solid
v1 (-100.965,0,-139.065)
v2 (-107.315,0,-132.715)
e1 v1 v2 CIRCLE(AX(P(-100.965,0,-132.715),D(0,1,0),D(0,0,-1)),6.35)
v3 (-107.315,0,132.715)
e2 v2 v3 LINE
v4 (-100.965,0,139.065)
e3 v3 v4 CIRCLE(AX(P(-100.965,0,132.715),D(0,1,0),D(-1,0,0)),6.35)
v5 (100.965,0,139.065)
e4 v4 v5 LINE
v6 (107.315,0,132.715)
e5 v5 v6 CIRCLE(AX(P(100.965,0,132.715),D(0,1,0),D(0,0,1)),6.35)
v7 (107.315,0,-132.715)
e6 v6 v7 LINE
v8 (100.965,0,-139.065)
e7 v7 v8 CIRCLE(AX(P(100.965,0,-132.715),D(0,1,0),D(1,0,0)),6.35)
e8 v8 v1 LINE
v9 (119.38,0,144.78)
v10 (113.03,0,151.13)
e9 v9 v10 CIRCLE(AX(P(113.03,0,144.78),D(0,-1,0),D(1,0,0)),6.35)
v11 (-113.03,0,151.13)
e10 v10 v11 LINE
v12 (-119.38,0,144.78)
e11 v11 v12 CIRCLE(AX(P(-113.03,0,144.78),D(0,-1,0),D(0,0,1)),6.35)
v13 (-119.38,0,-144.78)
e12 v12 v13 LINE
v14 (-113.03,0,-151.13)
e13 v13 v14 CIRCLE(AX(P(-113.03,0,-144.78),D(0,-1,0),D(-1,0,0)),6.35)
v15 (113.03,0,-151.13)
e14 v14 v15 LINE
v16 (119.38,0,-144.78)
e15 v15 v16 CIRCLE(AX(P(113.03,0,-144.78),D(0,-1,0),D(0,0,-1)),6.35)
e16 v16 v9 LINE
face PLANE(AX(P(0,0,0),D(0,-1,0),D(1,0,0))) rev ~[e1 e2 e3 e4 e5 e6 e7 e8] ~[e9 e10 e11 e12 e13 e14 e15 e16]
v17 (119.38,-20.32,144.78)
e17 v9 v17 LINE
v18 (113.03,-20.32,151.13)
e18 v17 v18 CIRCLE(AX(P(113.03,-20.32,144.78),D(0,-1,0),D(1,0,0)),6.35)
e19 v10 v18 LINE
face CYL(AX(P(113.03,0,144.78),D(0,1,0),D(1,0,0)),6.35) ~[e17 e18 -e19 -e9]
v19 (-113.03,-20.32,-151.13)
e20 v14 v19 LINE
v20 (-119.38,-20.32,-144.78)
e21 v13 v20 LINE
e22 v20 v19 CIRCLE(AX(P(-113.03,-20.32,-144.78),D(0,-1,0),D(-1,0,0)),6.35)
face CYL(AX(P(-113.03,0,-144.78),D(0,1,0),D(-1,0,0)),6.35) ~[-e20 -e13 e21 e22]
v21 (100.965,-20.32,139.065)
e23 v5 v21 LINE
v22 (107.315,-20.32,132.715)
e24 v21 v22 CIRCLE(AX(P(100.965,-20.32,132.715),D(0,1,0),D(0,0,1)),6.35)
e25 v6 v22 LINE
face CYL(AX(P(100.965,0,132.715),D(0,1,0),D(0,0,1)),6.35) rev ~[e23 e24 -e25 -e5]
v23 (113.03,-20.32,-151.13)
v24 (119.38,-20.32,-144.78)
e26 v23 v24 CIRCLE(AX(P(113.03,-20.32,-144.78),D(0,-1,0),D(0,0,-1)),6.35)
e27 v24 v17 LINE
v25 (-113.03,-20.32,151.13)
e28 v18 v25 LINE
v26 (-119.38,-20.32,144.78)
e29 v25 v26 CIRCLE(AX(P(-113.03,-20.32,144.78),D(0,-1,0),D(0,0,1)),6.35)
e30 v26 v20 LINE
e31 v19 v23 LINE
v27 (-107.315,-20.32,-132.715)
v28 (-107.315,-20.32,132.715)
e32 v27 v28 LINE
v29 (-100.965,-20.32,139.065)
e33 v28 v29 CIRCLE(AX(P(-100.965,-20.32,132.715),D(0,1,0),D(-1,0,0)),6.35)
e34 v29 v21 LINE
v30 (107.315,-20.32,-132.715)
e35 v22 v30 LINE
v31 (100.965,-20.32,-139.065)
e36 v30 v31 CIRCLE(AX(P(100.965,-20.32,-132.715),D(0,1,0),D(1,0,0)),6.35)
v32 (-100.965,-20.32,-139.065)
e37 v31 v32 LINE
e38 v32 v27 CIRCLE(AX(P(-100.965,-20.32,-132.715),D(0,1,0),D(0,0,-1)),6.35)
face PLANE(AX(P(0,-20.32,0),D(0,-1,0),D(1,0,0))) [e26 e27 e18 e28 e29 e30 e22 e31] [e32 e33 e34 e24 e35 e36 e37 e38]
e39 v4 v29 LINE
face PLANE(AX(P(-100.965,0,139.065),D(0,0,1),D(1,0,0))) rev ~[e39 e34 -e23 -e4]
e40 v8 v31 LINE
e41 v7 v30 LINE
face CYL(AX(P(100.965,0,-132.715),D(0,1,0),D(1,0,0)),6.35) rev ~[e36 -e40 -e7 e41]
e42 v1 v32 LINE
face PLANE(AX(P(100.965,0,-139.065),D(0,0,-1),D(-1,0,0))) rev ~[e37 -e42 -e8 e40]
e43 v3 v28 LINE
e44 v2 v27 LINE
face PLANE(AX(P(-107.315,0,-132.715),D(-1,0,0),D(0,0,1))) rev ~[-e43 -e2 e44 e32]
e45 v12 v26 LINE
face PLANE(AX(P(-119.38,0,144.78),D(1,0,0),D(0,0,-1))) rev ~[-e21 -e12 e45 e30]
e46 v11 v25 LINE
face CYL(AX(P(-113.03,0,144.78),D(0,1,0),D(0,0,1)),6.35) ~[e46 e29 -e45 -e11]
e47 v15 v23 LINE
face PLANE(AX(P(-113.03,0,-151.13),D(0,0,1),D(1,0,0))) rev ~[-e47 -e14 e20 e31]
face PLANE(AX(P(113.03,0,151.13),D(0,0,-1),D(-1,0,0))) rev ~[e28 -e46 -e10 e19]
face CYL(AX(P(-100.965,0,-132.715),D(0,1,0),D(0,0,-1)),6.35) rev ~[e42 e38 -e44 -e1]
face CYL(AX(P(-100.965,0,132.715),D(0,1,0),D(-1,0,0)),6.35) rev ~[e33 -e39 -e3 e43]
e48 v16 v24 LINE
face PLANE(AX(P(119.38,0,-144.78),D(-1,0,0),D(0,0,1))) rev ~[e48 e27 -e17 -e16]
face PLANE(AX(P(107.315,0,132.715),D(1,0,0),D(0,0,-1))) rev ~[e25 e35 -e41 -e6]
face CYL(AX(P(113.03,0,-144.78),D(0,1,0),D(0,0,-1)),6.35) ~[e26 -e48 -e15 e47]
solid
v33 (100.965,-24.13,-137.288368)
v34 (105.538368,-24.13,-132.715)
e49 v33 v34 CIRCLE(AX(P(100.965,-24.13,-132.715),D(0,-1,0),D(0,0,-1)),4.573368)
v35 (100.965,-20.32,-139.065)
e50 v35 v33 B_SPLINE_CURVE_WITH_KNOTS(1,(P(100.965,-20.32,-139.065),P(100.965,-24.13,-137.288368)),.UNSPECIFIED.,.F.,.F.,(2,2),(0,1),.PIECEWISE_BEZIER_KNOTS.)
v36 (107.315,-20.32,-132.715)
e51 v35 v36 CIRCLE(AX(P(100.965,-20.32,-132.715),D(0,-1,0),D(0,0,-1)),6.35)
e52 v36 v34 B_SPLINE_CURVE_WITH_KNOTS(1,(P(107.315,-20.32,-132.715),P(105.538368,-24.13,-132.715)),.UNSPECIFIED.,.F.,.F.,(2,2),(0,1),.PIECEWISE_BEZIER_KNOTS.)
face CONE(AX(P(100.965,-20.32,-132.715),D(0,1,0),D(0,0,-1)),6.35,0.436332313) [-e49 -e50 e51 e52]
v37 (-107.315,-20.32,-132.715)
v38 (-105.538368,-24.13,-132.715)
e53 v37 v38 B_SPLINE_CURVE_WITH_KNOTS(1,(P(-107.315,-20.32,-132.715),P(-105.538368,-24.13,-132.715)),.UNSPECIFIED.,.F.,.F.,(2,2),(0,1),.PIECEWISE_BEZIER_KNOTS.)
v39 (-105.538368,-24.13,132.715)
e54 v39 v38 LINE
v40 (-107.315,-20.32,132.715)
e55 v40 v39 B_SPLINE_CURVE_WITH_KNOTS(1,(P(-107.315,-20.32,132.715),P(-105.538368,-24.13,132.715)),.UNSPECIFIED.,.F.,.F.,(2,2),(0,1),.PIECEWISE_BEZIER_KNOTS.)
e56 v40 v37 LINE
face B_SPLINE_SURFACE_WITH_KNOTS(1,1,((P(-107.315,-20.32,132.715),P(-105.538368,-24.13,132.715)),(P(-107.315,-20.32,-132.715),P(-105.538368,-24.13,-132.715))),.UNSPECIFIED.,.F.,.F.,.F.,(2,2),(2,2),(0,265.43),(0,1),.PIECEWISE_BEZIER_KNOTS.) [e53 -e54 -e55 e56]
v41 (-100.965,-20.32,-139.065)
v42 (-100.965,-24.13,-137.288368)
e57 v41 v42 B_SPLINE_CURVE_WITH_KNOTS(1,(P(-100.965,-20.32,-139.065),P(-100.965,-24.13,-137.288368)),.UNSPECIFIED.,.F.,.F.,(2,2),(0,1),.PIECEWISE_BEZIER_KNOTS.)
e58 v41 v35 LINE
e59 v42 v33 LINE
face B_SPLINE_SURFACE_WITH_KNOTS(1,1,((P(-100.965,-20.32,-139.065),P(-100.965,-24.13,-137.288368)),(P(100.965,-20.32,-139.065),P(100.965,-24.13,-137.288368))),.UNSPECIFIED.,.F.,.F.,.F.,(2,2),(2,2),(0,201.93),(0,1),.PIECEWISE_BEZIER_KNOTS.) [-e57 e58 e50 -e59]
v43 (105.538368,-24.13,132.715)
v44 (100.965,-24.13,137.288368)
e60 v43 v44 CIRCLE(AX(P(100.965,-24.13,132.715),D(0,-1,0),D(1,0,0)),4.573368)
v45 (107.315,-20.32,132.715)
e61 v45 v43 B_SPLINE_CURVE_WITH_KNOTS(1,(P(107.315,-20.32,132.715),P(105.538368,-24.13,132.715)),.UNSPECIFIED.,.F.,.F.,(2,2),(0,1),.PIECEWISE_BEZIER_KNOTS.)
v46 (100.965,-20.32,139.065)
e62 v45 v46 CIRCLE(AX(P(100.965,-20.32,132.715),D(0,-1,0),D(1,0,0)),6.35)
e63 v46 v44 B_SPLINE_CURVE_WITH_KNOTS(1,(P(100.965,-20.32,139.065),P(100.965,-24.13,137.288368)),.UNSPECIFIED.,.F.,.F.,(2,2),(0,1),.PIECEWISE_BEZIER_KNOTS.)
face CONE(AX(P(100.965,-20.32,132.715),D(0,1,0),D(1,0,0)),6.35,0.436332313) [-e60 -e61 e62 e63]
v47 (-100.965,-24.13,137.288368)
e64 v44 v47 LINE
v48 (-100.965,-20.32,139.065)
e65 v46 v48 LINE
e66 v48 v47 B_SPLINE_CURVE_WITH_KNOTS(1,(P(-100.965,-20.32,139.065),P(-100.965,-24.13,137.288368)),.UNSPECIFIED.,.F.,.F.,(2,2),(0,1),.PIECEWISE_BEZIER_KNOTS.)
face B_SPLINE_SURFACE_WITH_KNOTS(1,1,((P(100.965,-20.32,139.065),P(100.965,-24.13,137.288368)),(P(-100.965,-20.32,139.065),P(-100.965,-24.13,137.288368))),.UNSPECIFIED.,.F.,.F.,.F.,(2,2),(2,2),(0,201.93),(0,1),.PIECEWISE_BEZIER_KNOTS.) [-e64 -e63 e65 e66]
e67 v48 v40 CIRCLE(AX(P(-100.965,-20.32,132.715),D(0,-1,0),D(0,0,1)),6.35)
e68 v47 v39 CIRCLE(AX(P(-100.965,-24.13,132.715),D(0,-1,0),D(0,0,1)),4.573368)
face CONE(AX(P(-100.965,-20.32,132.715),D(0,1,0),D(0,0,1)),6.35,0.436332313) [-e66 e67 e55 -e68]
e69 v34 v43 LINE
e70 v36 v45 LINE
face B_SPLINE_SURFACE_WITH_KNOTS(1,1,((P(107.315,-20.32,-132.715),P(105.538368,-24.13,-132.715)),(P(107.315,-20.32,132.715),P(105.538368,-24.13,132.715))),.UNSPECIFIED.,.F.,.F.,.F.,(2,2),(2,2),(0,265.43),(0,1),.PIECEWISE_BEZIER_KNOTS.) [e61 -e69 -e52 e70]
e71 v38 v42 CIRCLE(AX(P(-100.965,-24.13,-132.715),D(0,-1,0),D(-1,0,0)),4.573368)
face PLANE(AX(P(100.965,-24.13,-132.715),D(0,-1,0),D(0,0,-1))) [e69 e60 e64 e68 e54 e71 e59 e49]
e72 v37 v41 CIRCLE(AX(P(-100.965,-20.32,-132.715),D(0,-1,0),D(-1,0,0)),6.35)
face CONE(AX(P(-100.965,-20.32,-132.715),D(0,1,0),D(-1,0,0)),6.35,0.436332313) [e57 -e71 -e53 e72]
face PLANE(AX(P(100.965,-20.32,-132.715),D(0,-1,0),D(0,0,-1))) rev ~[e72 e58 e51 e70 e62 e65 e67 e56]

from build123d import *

# Parameters (mm, degrees)
F1_DEPTH = 20.32
F3_DEPTH = 3.81
F3_TAPER = 25


with BuildPart() as f1:
    # F0 (on Front) → F1 (new body)
    with BuildSketch(Plane.XZ):
        with BuildLine():
            Line((-113.03, -151.13), (113.03, -151.13))
            ThreePointArc((113.03, -151.13), (117.5201280605, -149.2701280605), (119.38, -144.78))
            Line((119.38, -144.78), (119.38, 144.78))
            ThreePointArc((119.38, 144.78), (117.5201280605, 149.2701280605), (113.03, 151.13))
            Line((113.03, 151.13), (-113.03, 151.13))
            ThreePointArc((-113.03, 151.13), (-117.5201280605, 149.2701280605), (-119.38, 144.78))
            Line((-119.38, 144.78), (-119.38, -144.78))
            ThreePointArc((-119.38, -144.78), (-117.5201280605, -149.2701280605), (-113.03, -151.13))
        make_face()
        with BuildLine():
            ThreePointArc((107.315, -132.715), (105.4551280605, -137.2051280605), (100.965, -139.065))
            Line((100.965, -139.065), (-100.965, -139.065))
            ThreePointArc((-100.965, -139.065), (-105.4551280605, -137.2051280605), (-107.315, -132.715))
            Line((-107.315, -132.715), (-107.315, 132.715))
            ThreePointArc((-107.315, 132.715), (-105.4551280605, 137.2051280605), (-100.965, 139.065))
            Line((-100.965, 139.065), (100.965, 139.065))
            ThreePointArc((100.965, 139.065), (105.4551280605, 137.2051280605), (107.315, 132.715))
            Line((107.315, 132.715), (107.315, -132.715))
        make_face(mode=Mode.SUBTRACT)
    extrude(amount=F1_DEPTH)


with BuildPart() as f3:
    # F2 (on face) → F3 (new body)
    with BuildSketch(Plane.XZ.offset(20.32)):
        with BuildLine():
            Line((-100.965, -139.065), (100.965, -139.065))
            ThreePointArc((100.965, -139.065), (105.4551280605, -137.2051280605), (107.315, -132.715))
            Line((107.315, -132.715), (107.315, 132.715))
            ThreePointArc((107.315, 132.715), (105.4551280605, 137.2051280605), (100.965, 139.065))
            Line((100.965, 139.065), (-100.965, 139.065))
            ThreePointArc((-100.965, 139.065), (-105.4551280605, 137.2051280605), (-107.315, 132.715))
            Line((-107.315, 132.715), (-107.315, -132.715))
            ThreePointArc((-107.315, -132.715), (-105.4551280605, -137.2051280605), (-100.965, -139.065))
        make_face()
    extrude(amount=F3_DEPTH, taper=F3_TAPER)


solid = Compound([f1.part, f3.part])
